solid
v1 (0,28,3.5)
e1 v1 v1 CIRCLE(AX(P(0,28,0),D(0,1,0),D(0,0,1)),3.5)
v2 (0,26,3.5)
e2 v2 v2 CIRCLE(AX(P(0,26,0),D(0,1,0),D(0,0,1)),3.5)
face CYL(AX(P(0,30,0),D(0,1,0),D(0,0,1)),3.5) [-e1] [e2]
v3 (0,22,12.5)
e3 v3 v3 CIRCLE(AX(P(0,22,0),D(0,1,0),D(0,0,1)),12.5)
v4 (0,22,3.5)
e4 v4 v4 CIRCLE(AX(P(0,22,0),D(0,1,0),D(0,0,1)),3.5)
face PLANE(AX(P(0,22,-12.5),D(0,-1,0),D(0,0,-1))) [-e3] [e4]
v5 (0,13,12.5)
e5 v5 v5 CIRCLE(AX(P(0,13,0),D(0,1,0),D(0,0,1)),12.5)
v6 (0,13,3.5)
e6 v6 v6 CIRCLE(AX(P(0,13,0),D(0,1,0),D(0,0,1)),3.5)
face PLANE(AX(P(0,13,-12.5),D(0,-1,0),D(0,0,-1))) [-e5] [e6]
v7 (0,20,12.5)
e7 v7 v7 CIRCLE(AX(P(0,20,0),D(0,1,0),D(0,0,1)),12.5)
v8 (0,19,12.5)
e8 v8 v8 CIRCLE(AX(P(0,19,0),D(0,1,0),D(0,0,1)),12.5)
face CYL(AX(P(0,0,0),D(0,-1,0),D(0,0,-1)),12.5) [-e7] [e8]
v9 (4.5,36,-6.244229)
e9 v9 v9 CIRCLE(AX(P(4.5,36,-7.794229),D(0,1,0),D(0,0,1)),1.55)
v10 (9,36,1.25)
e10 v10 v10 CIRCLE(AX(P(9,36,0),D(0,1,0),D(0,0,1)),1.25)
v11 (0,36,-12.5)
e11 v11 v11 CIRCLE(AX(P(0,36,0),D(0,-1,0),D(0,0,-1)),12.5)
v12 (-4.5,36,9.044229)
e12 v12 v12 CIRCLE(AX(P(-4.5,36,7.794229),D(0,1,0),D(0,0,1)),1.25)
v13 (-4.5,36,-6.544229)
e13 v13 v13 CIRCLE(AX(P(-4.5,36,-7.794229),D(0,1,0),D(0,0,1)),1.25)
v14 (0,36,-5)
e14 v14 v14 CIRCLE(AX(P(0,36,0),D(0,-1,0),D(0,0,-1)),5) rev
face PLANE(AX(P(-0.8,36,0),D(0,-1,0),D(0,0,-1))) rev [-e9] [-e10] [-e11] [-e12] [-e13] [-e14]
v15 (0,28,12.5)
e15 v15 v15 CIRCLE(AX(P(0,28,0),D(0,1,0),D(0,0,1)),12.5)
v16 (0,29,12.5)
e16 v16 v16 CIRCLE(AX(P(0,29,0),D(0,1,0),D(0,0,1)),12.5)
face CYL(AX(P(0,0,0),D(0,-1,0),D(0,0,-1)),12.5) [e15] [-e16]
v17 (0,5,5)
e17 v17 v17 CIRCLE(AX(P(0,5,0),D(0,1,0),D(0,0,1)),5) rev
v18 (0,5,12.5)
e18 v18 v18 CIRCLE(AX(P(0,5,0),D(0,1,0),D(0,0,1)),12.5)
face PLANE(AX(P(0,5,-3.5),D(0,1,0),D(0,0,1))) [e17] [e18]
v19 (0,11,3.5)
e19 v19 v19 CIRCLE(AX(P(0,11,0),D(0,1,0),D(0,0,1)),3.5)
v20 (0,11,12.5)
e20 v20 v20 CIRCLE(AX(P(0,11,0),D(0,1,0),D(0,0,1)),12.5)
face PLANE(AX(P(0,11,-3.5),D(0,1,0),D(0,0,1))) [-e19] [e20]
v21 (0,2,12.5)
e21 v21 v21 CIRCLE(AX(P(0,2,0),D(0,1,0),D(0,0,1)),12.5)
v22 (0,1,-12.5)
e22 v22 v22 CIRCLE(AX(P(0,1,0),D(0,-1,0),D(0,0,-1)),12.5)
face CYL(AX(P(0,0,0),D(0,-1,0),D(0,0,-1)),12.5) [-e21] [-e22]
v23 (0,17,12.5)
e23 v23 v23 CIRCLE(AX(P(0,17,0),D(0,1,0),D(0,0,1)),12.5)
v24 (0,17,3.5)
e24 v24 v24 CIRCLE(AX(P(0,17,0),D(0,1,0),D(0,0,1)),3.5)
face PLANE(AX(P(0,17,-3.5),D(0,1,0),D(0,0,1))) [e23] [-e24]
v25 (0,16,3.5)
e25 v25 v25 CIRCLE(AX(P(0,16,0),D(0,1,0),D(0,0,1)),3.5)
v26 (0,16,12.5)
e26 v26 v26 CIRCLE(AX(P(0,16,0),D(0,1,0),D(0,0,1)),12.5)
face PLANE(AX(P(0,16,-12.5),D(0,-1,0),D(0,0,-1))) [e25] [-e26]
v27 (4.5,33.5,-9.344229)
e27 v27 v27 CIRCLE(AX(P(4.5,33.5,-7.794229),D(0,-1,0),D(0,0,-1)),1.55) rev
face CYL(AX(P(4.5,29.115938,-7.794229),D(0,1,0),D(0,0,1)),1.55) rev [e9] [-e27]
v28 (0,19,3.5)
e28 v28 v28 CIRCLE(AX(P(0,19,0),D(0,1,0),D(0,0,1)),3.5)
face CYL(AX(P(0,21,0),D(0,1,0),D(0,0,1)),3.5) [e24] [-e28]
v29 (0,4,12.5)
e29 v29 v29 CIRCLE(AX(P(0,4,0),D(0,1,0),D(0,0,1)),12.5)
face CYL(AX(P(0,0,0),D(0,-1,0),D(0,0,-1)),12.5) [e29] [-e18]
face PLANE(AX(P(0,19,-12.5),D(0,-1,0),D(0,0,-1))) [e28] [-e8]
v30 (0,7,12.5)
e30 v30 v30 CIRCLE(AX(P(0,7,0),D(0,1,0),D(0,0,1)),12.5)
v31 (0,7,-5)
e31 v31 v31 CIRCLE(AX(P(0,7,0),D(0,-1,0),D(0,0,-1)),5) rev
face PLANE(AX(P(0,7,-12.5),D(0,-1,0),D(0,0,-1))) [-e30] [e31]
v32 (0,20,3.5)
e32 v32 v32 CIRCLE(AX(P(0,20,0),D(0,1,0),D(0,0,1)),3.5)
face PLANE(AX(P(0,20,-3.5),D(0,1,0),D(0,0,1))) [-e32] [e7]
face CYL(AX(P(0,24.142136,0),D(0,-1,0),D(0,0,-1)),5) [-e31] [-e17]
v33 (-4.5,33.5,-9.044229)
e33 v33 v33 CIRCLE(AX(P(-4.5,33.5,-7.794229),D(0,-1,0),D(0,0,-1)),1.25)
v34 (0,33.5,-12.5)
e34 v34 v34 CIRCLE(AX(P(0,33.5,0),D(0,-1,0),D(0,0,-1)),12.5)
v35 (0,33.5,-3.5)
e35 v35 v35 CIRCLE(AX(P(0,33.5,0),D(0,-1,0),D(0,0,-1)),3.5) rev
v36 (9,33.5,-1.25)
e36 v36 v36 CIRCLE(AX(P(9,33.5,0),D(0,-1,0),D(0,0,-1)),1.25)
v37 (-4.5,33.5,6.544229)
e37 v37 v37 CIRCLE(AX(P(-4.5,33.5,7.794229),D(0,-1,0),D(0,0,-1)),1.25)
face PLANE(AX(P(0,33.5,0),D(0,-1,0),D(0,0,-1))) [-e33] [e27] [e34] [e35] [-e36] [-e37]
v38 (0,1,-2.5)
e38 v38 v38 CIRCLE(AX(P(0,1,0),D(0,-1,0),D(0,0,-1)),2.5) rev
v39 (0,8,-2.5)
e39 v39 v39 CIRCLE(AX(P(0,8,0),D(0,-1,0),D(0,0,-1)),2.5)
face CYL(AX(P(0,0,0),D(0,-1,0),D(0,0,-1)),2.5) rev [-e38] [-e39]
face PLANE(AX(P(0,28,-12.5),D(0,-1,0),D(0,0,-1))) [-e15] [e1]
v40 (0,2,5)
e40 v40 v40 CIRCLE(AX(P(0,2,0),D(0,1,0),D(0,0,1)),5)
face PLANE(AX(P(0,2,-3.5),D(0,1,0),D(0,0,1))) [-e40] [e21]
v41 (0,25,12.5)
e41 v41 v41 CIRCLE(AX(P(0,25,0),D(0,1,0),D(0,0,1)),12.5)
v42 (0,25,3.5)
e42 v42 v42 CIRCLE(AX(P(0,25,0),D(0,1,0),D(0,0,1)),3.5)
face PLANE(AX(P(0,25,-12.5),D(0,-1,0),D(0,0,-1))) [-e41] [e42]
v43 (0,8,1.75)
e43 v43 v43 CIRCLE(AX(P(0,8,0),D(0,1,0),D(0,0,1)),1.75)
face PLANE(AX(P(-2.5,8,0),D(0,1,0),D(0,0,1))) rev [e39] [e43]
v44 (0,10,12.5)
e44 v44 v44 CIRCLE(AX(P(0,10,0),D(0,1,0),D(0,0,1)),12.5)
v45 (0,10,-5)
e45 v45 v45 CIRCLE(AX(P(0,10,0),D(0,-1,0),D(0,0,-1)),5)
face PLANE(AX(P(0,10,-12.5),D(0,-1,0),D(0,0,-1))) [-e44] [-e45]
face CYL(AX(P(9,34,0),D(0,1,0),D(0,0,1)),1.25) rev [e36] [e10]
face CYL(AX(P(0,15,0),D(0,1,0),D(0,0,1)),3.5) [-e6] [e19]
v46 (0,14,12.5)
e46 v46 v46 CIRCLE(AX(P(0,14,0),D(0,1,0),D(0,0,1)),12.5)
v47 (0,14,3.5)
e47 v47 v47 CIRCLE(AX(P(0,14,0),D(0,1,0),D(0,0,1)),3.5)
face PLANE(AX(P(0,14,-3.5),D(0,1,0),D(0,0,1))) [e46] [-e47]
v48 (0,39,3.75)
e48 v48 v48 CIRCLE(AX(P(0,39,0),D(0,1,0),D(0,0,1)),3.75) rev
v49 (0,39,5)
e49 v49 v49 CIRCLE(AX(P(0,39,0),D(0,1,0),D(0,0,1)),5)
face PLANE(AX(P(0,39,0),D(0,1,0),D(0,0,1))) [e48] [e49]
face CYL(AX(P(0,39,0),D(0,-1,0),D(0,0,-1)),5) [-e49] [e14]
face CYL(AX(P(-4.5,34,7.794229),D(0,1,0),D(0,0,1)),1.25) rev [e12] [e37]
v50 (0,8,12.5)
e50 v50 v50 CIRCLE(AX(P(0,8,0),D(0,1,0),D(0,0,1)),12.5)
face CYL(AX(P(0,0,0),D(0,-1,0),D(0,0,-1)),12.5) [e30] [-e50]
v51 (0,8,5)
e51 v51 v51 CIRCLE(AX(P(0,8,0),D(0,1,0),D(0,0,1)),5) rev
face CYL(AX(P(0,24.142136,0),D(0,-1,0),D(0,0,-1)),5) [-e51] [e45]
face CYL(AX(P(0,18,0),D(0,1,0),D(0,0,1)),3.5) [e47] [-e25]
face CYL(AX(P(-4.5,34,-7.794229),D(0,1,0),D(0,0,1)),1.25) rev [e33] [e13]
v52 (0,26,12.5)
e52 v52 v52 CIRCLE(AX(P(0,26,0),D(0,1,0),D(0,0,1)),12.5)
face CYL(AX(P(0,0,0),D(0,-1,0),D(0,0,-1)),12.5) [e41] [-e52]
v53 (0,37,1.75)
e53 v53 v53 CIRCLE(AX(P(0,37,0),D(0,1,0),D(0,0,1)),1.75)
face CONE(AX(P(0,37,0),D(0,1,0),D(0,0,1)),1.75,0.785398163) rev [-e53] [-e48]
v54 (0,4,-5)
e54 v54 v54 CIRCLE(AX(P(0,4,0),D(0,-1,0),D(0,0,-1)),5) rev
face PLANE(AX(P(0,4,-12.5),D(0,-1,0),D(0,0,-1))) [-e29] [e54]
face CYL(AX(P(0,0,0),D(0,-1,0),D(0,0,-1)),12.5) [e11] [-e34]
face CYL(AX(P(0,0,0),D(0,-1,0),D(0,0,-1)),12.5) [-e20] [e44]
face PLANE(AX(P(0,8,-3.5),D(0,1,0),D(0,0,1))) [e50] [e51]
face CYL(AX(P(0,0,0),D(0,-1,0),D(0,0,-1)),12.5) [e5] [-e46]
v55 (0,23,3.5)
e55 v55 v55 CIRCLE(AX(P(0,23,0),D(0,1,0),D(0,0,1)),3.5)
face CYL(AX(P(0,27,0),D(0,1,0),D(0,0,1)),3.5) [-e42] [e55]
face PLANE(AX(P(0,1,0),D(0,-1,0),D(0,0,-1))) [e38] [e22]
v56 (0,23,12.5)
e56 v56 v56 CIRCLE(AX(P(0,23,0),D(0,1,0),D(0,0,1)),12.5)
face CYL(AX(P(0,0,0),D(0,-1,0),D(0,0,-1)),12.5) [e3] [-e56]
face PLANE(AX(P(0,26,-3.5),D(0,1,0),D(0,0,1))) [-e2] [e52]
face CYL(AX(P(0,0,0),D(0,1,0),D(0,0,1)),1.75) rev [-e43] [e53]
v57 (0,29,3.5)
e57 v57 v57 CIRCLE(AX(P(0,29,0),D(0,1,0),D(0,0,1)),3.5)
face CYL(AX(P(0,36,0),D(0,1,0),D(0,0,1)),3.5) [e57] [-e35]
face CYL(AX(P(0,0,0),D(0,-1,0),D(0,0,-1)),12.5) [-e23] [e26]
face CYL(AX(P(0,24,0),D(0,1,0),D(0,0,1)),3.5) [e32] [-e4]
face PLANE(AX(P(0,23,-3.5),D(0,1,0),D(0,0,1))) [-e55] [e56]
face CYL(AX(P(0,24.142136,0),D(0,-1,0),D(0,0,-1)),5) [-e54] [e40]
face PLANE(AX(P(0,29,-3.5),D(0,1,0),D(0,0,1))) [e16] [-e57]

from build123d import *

# Parameters (mm, degrees)
LPATTERN1_COUNT       = 11
LPATTERN1_PITCH       = 3
SKETCH3_R             = 5.000000000000004
BOSS_EXTRUDE1_DEPTH   = 3
SKETCH4_R             = 1.75
CUT_EXTRUDE1_DEPTH    = 43.81938813201328
CHAMFER1_SIZE         = 2
SKETCH5_R             = 1.2499999999999991
SKETCH5_R_2           = 1.2500000000000002
CUT_EXTRUDE2_DEPTH    = 2
SKETCH6_R             = 12.499999999999995
CUT_EXTRUDE3_DEPTH    = 1
CUT_EXTRUDE5_REACH    = 37.686
SKETCH7_R             = 12.499999999999996
SKETCH7_R_2           = 3.4999999999999982
SKETCH8_R             = 4.999999999999997
SKETCH8_R_2           = 3.4999999999999982
BOSS_EXTRUDE2_DEPTH   = 8
BOSS_EXTRUDE3_START   = 0.5
SKETCH9_R             = 12.499999999999996
SKETCH9_R_2           = 1.2499999999999991
SKETCH9_R_3           = 3.499999999999998
SKETCH9_R_4           = 1.2500000000000009
SKETCH9_R_5           = 1.2500000000000002
BOSS_EXTRUDE3_DEPTH   = 0.5
CROQUIS1_R            = 1.550000000000001
CORTAR_EXTRUIR1_DEPTH = 2.5


with BuildPart() as part:
    # Sketch1 → Revolve1 (revolve)
    with BuildSketch(Plane.XY, mode=Mode.PRIVATE) as revolve1_sk:
        Polygon((-2.5, -3.1e-16), (-2.5, 7.999999999999998), (-0.7999999999999999, 7.999999999999998), (-0.8, 36), (-12.5, 36), (-12.499999999999995, 0), align=None)
    revolve(revolve1_sk.sketch.rotate(Axis((0, 0, 0), (0, 1, 0)), 270), axis=Axis((0, 0, 0), (0, 1, 0)))

    # Sketch2 → Cut-Revolve1 (revolve, cut)
    with BuildSketch(Plane(origin=(0, 0, 0), x_dir=(0, 0, -1), z_dir=(1, 0, 0))):
        Polygon((12.499999999999996, 33.99999999999999), (3.4999999999999973, 33.99999999999999), (3.499999999999998, 31.999999999999993), (12.499999999999996, 31.999999999999993), align=None)
    cut_revolve1 = revolve(axis=Axis((0, 36, 0), (0, -1, 0)), mode=Mode.SUBTRACT)

    # LPattern1: Cut-Revolve1 ×11
    with Locations(*[(0, -i * LPATTERN1_PITCH, 0) for i in range(1, LPATTERN1_COUNT)]):
        add(cut_revolve1, mode=Mode.SUBTRACT)

    # Sketch3 → Boss-Extrude1 (add)
    with BuildSketch(Plane(origin=(0, 36, 0), x_dir=(1, 0, 0), z_dir=(0, 1, 0))):
        with Locations(Location((0, 0, 0), (0, 0, 90))):
            Circle(SKETCH3_R)
    extrude(amount=BOSS_EXTRUDE1_DEPTH)

    # Sketch4 → Cut-Extrude1 (cut, through all)
    with BuildSketch(Plane(origin=(0, 39, 0), x_dir=(1, 0, 0), z_dir=(0, 1, 0))):
        with Locations(Location((0, 0, 0), (0, 0, 270))):
            Circle(SKETCH4_R)
    extrude(amount=-CUT_EXTRUDE1_DEPTH, mode=Mode.SUBTRACT)

    # Chamfer1
    chamfer1_edges = [part.edges().sort_by_distance(p)[0] for p in [
        (5.4e-16, 39, -1.75),
    ]]
    chamfer(chamfer1_edges, length=CHAMFER1_SIZE)

    # Sketch5 → Cut-Extrude2 (cut)
    with BuildSketch(Plane(origin=(0, 36, 0), x_dir=(1, 0, 0), z_dir=(0, 1, 0))):
        with Locations(Location((9, -9.8e-16, 0), (0, 0, 270))):
            Circle(SKETCH5_R)
        with Locations(Location((-4.499999999999999, -7.794228634059948, 0), (0, 0, 270))):
            Circle(SKETCH5_R_2)
        with Locations(Location((-4.5000000000000036, 7.794228634059946, 0), (0, 0, 270))):
            Circle(SKETCH5_R_2)
    extrude(amount=-CUT_EXTRUDE2_DEPTH, mode=Mode.SUBTRACT)

    # Sketch6 → Cut-Extrude3 (cut)
    with BuildSketch(Plane.XZ):
        with Locations(Location((0, 0, 0), (0, 0, 270))):
            Circle(SKETCH6_R)
    extrude(amount=-CUT_EXTRUDE3_DEPTH, mode=Mode.SUBTRACT)

    # Sketch7 → Cut-Extrude5 (cut, up to next)
    with BuildSketch(Plane(origin=(0, 31.999999999999993, 0), x_dir=(1, 0, 0), z_dir=(0, 1, 0)), mode=Mode.PRIVATE) as cut_extrude5_sk1:
        with Locations(Location((0, 0, 0), (0, 0, 90))):
            Circle(SKETCH7_R)
        with Locations(Location((0, 0, 0), (0, 0, 270))):
            Circle(SKETCH7_R_2, mode=Mode.SUBTRACT)
    cut_extrude5_tool1 = extrude(cut_extrude5_sk1.sketch, amount=-CUT_EXTRUDE5_REACH, mode=Mode.PRIVATE) & part.part
    add(cut_extrude5_tool1.solids().sort_by_distance((0, 32, 12.146447))[0], mode=Mode.SUBTRACT)

    # Sketch8 → Boss-Extrude2 (add)
    with BuildSketch(Plane(origin=(0, 1.999999999999995, 0), x_dir=(1, 0, 0), z_dir=(0, 1, 0))):
        with Locations(Location((0, 0, 0), (0, 0, 90))):
            Circle(SKETCH8_R)
        with Locations(Location((0, 0, 0), (0, 0, 270))):
            Circle(SKETCH8_R_2, mode=Mode.SUBTRACT)
    extrude(amount=BOSS_EXTRUDE2_DEPTH)

    # Sketch9 → Boss-Extrude3 (add)
    with BuildSketch(Plane.XZ.offset(-33.99999999999999).offset(BOSS_EXTRUDE3_START)):
        with Locations(Location((0, 0, 0), (0, 0, 270))):
            Circle(SKETCH9_R)
        with Locations(Location((9, 9.8e-16, 0), (0, 0, 90))):
            Circle(SKETCH9_R_2, mode=Mode.SUBTRACT)
        with Locations(Location((0, 0, 0), (0, 0, 90))):
            Circle(SKETCH9_R_3, mode=Mode.SUBTRACT)
        with Locations(Location((-4.499999999999999, 7.794228634059948, 0), (0, 0, 90))):
            Circle(SKETCH9_R_4, mode=Mode.SUBTRACT)
        with Locations(Location((-4.5000000000000036, -7.794228634059946, 0), (0, 0, 90))):
            Circle(SKETCH9_R_5, mode=Mode.SUBTRACT)
    extrude(amount=-BOSS_EXTRUDE3_DEPTH)

    # Croquis1 → Cortar-Extruir1 (cut)
    with BuildSketch(Plane(origin=(0, 36, 0), x_dir=(1, 0, 0), z_dir=(0, 1, 0))):
        with Locations(Location((4.49999999999998, 7.7942286340599605, 0), (0, 0, 270))):
            Circle(CROQUIS1_R)
    extrude(amount=-CORTAR_EXTRUIR1_DEPTH, mode=Mode.SUBTRACT)


solid = part.part
